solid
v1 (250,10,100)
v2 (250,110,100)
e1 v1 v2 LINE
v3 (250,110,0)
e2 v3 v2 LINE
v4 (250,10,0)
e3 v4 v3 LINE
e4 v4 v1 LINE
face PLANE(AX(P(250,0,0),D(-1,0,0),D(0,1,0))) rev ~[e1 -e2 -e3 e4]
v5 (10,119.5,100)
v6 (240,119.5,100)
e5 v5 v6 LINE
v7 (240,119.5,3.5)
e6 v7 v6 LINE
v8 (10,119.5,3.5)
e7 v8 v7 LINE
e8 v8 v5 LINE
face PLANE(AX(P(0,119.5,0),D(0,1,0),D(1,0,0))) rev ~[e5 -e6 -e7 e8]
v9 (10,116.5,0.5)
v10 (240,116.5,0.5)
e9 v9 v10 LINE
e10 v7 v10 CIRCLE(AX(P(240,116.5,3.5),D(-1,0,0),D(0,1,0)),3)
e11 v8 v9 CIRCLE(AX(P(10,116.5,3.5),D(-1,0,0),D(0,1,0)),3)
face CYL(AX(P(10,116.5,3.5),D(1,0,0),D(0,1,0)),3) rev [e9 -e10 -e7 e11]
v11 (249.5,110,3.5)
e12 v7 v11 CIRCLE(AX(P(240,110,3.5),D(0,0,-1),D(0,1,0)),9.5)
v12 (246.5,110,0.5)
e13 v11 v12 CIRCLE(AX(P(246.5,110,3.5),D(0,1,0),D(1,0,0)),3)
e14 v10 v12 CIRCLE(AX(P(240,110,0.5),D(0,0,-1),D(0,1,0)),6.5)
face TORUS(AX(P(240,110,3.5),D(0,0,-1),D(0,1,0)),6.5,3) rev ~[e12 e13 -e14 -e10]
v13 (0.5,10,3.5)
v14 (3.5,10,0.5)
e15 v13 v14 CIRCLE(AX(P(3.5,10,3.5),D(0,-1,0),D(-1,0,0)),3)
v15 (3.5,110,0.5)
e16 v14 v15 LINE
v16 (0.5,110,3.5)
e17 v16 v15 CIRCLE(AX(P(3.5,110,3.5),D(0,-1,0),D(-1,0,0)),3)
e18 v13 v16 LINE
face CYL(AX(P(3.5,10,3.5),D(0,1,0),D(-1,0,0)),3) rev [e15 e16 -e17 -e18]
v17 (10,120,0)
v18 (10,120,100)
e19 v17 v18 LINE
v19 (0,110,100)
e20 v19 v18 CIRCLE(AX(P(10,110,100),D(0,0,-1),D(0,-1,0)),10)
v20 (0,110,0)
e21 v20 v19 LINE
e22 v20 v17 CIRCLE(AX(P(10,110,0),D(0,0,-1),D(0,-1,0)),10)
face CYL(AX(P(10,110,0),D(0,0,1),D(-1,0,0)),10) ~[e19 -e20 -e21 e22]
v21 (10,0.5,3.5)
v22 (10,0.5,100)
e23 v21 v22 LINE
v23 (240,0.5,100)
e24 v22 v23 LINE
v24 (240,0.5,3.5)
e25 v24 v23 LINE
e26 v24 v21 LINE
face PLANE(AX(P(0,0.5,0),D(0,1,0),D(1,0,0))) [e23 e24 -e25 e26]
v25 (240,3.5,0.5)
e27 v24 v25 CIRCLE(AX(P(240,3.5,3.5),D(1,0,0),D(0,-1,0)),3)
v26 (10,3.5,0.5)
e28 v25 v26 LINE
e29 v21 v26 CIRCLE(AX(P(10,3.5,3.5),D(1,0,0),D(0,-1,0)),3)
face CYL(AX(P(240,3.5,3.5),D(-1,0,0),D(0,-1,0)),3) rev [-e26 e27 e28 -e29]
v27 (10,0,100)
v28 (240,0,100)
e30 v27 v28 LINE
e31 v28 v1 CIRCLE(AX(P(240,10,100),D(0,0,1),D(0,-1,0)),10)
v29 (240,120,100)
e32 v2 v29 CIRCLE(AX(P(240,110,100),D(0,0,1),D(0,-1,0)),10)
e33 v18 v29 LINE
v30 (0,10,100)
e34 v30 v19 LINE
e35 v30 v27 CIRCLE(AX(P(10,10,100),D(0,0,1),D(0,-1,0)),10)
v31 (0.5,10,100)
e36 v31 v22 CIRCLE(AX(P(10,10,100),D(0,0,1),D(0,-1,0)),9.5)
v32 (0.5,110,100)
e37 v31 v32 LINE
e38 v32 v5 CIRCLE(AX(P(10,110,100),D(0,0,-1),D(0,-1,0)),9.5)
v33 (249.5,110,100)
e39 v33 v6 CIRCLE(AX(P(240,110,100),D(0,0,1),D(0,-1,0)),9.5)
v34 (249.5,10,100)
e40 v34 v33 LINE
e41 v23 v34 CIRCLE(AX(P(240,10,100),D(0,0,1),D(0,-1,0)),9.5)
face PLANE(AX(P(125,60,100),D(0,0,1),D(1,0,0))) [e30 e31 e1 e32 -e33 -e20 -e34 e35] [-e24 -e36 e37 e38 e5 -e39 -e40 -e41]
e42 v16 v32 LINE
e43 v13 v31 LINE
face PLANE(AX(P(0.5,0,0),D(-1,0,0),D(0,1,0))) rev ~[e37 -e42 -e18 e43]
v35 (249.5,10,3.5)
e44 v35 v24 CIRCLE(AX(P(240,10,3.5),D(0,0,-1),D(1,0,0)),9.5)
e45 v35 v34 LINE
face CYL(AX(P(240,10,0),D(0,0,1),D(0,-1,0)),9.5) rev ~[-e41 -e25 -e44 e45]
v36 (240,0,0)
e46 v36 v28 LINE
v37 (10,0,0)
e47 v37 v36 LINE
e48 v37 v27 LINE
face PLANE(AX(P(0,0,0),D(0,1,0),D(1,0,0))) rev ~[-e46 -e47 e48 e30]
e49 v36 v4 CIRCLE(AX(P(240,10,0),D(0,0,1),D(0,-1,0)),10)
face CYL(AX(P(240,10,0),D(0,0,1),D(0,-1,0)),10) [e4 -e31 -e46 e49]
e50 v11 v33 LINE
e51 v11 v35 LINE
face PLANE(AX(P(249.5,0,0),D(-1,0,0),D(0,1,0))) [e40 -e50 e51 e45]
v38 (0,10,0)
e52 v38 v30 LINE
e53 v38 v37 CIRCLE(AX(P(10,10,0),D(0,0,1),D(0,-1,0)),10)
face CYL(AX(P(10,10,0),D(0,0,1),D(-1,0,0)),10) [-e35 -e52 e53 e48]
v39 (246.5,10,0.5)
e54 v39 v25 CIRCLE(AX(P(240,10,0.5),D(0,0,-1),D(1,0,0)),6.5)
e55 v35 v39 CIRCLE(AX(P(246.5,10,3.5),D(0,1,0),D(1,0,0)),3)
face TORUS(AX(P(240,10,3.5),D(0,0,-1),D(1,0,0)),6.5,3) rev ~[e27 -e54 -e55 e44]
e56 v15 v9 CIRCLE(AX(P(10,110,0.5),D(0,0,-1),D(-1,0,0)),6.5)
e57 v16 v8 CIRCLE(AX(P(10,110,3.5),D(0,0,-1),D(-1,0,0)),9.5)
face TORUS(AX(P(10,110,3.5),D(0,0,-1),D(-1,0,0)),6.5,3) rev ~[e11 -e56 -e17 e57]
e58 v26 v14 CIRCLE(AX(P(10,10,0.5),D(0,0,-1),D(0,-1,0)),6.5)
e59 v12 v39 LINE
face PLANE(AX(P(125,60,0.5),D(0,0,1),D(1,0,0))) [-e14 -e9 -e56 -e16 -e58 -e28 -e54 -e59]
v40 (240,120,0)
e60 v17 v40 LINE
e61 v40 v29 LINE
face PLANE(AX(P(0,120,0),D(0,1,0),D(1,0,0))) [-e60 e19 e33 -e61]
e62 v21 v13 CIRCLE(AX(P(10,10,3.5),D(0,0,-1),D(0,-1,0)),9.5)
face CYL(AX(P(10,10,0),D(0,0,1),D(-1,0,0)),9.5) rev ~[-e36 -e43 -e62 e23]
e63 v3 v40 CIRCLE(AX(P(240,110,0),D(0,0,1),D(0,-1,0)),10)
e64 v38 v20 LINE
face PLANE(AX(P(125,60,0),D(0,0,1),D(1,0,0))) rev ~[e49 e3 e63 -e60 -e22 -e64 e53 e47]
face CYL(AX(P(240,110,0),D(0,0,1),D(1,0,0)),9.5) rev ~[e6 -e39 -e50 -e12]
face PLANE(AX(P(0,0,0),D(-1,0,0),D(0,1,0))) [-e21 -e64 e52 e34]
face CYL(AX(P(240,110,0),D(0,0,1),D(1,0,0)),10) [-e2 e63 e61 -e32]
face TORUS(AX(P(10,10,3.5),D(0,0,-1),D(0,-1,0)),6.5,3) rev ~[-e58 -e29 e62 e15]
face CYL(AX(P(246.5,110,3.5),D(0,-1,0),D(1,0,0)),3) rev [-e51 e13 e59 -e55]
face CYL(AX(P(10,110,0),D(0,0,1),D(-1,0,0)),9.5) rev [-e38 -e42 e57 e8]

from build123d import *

# Parameters (mm, degrees)
F0_W     = 250
F0_H     = 120
F1_DEPTH = 100
F2_R     = 10
F3_T     = -0.5
F4_R     = 3


with BuildPart() as f1:
    # F0 (on Top) → F1 (new body)
    with BuildSketch(Plane.XY):
        with Locations((125, 60)):
            Rectangle(F0_W, F0_H)
    extrude(amount=F1_DEPTH)

    # F2
    f2_edges = [f1.edges().sort_by_distance(p)[0] for p in [
        (0, 0, 50),
        (250, 0, 50),
        (250, 120, 50),
        (0, 120, 50),
    ]]
    fillet(f2_edges, radius=F2_R)

    # F3
    f3_openings = [f1.faces().sort_by_distance(p)[0] for p in [
        (125, 60, 100),
    ]]
    offset(amount=F3_T, openings=f3_openings)

    # F4
    f4_edges = [f1.edges().sort_by_distance(p)[0] for p in [
        (0.5, 60, 0.5),
        (3.282486, 3.282486, 0.5),
        (125, 0.5, 0.5),
        (246.717514, 3.282486, 0.5),
        (249.5, 60, 0.5),
        (246.717514, 116.717514, 0.5),
        (125, 119.5, 0.5),
        (3.282486, 116.717514, 0.5),
    ]]
    fillet(f4_edges, radius=F4_R)


solid = f1.part
